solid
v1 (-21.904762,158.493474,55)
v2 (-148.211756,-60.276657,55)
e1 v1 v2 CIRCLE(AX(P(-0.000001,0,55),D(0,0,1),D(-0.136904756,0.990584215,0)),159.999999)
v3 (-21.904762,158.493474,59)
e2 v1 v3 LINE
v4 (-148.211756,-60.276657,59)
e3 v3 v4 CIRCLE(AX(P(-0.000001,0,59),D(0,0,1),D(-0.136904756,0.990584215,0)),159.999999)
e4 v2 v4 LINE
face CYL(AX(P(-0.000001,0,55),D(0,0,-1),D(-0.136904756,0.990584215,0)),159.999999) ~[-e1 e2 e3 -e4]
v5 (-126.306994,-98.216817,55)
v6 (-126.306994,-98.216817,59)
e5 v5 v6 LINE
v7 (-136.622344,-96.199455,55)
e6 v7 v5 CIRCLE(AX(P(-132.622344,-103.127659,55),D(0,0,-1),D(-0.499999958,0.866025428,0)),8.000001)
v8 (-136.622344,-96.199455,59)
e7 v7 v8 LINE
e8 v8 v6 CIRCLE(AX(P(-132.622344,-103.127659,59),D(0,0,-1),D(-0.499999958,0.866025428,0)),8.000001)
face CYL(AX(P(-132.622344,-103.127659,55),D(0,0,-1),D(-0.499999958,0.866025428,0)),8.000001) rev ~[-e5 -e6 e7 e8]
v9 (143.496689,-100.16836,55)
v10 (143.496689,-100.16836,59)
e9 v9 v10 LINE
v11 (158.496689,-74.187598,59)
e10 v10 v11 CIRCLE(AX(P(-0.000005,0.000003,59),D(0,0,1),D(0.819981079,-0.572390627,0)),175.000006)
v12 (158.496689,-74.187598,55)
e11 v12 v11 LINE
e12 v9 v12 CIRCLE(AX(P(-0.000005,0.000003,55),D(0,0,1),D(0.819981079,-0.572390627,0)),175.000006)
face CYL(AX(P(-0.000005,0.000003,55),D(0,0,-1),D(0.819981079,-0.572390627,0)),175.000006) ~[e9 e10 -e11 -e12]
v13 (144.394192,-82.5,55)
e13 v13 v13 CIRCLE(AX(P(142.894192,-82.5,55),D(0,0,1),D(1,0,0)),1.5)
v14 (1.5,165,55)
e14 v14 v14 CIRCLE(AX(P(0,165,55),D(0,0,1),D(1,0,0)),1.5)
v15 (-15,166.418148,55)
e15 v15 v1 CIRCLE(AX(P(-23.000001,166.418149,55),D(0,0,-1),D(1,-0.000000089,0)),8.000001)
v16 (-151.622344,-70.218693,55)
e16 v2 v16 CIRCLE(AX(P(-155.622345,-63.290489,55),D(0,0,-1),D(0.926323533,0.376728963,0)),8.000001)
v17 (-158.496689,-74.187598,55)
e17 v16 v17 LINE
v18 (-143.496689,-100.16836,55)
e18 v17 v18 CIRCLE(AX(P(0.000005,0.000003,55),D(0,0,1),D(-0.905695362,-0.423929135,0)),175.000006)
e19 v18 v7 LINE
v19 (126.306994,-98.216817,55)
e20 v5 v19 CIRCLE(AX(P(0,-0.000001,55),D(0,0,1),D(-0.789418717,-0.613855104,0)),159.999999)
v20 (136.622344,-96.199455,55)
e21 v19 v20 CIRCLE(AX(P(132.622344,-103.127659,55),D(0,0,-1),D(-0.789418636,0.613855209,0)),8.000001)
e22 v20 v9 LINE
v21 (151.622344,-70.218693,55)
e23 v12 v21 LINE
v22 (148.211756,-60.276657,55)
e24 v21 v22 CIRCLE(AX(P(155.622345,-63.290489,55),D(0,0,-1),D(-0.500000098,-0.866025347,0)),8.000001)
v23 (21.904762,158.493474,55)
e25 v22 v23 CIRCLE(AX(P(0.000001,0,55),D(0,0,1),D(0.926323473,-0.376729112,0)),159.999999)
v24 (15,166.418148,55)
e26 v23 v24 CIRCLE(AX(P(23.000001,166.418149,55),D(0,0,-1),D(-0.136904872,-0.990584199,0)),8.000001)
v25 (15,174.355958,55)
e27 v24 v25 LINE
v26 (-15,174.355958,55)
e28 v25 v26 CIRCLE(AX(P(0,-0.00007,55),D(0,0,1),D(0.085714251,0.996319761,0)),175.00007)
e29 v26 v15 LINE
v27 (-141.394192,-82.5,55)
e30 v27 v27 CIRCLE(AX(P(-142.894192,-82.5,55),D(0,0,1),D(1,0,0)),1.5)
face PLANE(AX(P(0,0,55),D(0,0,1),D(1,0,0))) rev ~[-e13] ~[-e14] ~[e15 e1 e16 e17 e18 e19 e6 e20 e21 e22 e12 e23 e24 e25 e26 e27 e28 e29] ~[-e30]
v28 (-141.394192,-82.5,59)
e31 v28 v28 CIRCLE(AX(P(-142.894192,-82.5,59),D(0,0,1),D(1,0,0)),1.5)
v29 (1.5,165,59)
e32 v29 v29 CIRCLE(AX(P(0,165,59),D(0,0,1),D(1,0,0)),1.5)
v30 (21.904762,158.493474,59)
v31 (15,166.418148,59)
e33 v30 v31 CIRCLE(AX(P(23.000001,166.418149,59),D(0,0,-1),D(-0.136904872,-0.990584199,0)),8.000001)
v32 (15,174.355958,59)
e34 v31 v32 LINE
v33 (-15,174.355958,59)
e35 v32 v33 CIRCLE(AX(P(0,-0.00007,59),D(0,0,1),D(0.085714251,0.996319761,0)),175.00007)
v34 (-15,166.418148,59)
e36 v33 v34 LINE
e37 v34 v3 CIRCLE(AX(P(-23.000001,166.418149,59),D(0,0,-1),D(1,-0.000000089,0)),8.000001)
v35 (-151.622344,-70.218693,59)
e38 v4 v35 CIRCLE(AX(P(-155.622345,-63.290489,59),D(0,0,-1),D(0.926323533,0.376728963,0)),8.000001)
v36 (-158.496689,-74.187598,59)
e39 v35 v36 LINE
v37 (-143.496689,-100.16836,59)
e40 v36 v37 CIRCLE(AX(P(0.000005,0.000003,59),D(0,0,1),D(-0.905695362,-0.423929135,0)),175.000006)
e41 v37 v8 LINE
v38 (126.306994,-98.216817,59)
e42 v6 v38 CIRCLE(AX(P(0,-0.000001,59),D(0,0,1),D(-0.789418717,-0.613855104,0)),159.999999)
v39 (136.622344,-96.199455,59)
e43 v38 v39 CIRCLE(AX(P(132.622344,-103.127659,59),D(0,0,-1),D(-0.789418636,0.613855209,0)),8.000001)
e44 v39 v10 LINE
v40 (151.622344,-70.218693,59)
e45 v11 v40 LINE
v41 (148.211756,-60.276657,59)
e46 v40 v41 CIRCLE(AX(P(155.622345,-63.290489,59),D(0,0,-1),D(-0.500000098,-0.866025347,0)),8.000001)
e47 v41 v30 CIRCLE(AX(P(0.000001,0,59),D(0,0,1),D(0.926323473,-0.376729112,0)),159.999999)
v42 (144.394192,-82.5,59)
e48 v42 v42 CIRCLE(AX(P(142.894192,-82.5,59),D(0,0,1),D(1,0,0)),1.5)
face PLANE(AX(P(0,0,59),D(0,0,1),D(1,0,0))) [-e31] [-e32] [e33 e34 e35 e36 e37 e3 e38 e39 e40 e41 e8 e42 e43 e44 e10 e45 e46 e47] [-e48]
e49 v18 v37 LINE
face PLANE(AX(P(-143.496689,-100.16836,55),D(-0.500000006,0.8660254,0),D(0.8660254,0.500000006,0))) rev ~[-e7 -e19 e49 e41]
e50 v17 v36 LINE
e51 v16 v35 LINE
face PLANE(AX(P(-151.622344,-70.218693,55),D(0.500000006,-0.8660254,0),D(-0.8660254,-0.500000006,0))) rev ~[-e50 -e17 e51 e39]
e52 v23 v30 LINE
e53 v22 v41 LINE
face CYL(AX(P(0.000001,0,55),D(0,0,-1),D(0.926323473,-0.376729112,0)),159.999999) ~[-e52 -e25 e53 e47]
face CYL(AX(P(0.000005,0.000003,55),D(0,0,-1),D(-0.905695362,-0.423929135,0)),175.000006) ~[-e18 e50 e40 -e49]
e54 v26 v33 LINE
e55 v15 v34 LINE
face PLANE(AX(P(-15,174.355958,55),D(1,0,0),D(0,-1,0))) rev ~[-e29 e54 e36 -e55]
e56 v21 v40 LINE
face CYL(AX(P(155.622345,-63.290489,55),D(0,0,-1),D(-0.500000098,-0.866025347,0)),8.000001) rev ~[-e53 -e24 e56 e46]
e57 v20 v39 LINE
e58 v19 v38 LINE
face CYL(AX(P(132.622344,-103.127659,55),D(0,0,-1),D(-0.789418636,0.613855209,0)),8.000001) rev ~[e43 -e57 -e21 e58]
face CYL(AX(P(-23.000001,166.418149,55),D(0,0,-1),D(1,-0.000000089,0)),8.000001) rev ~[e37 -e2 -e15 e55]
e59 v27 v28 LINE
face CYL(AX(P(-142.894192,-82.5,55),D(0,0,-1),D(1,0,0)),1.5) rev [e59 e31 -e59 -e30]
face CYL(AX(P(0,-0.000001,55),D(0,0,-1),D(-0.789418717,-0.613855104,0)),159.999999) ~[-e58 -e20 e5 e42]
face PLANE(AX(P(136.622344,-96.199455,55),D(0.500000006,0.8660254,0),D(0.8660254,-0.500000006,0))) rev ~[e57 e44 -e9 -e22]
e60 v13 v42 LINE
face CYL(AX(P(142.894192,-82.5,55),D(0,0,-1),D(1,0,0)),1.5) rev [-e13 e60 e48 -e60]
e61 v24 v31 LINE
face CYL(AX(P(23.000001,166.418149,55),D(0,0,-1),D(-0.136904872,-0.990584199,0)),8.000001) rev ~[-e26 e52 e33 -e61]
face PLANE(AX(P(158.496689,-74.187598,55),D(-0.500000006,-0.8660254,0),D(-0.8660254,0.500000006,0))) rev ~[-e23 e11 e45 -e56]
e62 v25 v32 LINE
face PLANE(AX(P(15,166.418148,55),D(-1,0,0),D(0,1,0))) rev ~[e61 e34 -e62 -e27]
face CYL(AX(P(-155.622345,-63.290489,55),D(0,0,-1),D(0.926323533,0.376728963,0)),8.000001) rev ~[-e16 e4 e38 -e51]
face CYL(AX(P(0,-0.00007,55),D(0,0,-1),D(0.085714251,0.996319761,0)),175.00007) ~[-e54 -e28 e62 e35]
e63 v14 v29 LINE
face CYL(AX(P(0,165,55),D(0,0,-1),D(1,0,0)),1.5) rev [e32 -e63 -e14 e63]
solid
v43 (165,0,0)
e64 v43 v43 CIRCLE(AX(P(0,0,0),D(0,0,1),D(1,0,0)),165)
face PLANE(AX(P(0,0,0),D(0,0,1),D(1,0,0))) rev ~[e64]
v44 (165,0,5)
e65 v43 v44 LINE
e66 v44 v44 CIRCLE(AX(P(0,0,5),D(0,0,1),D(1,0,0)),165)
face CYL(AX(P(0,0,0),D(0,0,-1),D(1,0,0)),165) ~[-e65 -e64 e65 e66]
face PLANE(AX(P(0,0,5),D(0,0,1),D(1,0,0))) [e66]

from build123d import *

# Parameters (mm, degrees)
F0_R     = 165
F1_DEPTH = 5
F3_R     = 1.5
F3_R_2   = 4
F4_DEPTH = 4


with BuildPart() as f1:
    # F0 (on Top) → F1 (new body)
    with BuildSketch(Plane.XY):
        Circle(F0_R)
    extrude(amount=F1_DEPTH)


with BuildPart() as f4:
    # F3 (on offset) → F4 (new body)
    with BuildSketch(Plane.XY.offset(55)):
        with BuildLine():
            Line((136.622344, -96.199455), (143.496689, -100.16836))
            ThreePointArc((143.496689, -100.16836), (151.554446, -87.5), (158.496689, -74.187598))
            Line((158.496689, -74.187598), (151.622344, -70.218693))
            ThreePointArc((151.622344, -70.218693), (148.055218, -65.886371), (148.211756, -60.276657))
            ThreePointArc((148.211756, -60.276657), (138.564065, 80), (21.904762, 158.493474))
            ThreePointArc((21.904762, 158.493474), (16.968338, 161.162765), (15, 166.418148))
            Line((15, 166.418148), (15, 174.355958))
            ThreePointArc((15, 174.355958), (0, 175), (-15, 174.355958))
            Line((-15, 174.355958), (-15, 166.418148))
            ThreePointArc((-15, 166.418148), (-16.968338, 161.162765), (-21.904762, 158.493474))
            ThreePointArc((-21.904762, 158.493474), (-138.564065, 80), (-148.211756, -60.276657))
            ThreePointArc((-148.211756, -60.276657), (-148.055218, -65.886371), (-151.622344, -70.218693))
            Line((-151.622344, -70.218693), (-158.496689, -74.187598))
            ThreePointArc((-158.496689, -74.187598), (-151.554446, -87.5), (-143.496689, -100.16836))
            Line((-143.496689, -100.16836), (-136.622344, -96.199455))
            ThreePointArc((-136.622344, -96.199455), (-131.08688, -95.276394), (-126.306994, -98.216817))
            ThreePointArc((-126.306994, -98.216817), (0, -160), (126.306994, -98.216817))
            ThreePointArc((126.306994, -98.216817), (131.08688, -95.276394), (136.622344, -96.199455))
        make_face()
        with Locations((-142.894192, -82.5)):
            Circle(F3_R, mode=Mode.SUBTRACT)
        with Locations((142.894192, -82.5)):
            Circle(F3_R, mode=Mode.SUBTRACT)
        with Locations((0, 165)):
            Circle(F3_R_2, mode=Mode.SUBTRACT)
        with Locations((0, 165)):
            Circle(F3_R_2)
        with Locations((0, 165)):
            Circle(F3_R, mode=Mode.SUBTRACT)
    extrude(amount=F4_DEPTH)


solid = Compound([f1.part, f4.part])
